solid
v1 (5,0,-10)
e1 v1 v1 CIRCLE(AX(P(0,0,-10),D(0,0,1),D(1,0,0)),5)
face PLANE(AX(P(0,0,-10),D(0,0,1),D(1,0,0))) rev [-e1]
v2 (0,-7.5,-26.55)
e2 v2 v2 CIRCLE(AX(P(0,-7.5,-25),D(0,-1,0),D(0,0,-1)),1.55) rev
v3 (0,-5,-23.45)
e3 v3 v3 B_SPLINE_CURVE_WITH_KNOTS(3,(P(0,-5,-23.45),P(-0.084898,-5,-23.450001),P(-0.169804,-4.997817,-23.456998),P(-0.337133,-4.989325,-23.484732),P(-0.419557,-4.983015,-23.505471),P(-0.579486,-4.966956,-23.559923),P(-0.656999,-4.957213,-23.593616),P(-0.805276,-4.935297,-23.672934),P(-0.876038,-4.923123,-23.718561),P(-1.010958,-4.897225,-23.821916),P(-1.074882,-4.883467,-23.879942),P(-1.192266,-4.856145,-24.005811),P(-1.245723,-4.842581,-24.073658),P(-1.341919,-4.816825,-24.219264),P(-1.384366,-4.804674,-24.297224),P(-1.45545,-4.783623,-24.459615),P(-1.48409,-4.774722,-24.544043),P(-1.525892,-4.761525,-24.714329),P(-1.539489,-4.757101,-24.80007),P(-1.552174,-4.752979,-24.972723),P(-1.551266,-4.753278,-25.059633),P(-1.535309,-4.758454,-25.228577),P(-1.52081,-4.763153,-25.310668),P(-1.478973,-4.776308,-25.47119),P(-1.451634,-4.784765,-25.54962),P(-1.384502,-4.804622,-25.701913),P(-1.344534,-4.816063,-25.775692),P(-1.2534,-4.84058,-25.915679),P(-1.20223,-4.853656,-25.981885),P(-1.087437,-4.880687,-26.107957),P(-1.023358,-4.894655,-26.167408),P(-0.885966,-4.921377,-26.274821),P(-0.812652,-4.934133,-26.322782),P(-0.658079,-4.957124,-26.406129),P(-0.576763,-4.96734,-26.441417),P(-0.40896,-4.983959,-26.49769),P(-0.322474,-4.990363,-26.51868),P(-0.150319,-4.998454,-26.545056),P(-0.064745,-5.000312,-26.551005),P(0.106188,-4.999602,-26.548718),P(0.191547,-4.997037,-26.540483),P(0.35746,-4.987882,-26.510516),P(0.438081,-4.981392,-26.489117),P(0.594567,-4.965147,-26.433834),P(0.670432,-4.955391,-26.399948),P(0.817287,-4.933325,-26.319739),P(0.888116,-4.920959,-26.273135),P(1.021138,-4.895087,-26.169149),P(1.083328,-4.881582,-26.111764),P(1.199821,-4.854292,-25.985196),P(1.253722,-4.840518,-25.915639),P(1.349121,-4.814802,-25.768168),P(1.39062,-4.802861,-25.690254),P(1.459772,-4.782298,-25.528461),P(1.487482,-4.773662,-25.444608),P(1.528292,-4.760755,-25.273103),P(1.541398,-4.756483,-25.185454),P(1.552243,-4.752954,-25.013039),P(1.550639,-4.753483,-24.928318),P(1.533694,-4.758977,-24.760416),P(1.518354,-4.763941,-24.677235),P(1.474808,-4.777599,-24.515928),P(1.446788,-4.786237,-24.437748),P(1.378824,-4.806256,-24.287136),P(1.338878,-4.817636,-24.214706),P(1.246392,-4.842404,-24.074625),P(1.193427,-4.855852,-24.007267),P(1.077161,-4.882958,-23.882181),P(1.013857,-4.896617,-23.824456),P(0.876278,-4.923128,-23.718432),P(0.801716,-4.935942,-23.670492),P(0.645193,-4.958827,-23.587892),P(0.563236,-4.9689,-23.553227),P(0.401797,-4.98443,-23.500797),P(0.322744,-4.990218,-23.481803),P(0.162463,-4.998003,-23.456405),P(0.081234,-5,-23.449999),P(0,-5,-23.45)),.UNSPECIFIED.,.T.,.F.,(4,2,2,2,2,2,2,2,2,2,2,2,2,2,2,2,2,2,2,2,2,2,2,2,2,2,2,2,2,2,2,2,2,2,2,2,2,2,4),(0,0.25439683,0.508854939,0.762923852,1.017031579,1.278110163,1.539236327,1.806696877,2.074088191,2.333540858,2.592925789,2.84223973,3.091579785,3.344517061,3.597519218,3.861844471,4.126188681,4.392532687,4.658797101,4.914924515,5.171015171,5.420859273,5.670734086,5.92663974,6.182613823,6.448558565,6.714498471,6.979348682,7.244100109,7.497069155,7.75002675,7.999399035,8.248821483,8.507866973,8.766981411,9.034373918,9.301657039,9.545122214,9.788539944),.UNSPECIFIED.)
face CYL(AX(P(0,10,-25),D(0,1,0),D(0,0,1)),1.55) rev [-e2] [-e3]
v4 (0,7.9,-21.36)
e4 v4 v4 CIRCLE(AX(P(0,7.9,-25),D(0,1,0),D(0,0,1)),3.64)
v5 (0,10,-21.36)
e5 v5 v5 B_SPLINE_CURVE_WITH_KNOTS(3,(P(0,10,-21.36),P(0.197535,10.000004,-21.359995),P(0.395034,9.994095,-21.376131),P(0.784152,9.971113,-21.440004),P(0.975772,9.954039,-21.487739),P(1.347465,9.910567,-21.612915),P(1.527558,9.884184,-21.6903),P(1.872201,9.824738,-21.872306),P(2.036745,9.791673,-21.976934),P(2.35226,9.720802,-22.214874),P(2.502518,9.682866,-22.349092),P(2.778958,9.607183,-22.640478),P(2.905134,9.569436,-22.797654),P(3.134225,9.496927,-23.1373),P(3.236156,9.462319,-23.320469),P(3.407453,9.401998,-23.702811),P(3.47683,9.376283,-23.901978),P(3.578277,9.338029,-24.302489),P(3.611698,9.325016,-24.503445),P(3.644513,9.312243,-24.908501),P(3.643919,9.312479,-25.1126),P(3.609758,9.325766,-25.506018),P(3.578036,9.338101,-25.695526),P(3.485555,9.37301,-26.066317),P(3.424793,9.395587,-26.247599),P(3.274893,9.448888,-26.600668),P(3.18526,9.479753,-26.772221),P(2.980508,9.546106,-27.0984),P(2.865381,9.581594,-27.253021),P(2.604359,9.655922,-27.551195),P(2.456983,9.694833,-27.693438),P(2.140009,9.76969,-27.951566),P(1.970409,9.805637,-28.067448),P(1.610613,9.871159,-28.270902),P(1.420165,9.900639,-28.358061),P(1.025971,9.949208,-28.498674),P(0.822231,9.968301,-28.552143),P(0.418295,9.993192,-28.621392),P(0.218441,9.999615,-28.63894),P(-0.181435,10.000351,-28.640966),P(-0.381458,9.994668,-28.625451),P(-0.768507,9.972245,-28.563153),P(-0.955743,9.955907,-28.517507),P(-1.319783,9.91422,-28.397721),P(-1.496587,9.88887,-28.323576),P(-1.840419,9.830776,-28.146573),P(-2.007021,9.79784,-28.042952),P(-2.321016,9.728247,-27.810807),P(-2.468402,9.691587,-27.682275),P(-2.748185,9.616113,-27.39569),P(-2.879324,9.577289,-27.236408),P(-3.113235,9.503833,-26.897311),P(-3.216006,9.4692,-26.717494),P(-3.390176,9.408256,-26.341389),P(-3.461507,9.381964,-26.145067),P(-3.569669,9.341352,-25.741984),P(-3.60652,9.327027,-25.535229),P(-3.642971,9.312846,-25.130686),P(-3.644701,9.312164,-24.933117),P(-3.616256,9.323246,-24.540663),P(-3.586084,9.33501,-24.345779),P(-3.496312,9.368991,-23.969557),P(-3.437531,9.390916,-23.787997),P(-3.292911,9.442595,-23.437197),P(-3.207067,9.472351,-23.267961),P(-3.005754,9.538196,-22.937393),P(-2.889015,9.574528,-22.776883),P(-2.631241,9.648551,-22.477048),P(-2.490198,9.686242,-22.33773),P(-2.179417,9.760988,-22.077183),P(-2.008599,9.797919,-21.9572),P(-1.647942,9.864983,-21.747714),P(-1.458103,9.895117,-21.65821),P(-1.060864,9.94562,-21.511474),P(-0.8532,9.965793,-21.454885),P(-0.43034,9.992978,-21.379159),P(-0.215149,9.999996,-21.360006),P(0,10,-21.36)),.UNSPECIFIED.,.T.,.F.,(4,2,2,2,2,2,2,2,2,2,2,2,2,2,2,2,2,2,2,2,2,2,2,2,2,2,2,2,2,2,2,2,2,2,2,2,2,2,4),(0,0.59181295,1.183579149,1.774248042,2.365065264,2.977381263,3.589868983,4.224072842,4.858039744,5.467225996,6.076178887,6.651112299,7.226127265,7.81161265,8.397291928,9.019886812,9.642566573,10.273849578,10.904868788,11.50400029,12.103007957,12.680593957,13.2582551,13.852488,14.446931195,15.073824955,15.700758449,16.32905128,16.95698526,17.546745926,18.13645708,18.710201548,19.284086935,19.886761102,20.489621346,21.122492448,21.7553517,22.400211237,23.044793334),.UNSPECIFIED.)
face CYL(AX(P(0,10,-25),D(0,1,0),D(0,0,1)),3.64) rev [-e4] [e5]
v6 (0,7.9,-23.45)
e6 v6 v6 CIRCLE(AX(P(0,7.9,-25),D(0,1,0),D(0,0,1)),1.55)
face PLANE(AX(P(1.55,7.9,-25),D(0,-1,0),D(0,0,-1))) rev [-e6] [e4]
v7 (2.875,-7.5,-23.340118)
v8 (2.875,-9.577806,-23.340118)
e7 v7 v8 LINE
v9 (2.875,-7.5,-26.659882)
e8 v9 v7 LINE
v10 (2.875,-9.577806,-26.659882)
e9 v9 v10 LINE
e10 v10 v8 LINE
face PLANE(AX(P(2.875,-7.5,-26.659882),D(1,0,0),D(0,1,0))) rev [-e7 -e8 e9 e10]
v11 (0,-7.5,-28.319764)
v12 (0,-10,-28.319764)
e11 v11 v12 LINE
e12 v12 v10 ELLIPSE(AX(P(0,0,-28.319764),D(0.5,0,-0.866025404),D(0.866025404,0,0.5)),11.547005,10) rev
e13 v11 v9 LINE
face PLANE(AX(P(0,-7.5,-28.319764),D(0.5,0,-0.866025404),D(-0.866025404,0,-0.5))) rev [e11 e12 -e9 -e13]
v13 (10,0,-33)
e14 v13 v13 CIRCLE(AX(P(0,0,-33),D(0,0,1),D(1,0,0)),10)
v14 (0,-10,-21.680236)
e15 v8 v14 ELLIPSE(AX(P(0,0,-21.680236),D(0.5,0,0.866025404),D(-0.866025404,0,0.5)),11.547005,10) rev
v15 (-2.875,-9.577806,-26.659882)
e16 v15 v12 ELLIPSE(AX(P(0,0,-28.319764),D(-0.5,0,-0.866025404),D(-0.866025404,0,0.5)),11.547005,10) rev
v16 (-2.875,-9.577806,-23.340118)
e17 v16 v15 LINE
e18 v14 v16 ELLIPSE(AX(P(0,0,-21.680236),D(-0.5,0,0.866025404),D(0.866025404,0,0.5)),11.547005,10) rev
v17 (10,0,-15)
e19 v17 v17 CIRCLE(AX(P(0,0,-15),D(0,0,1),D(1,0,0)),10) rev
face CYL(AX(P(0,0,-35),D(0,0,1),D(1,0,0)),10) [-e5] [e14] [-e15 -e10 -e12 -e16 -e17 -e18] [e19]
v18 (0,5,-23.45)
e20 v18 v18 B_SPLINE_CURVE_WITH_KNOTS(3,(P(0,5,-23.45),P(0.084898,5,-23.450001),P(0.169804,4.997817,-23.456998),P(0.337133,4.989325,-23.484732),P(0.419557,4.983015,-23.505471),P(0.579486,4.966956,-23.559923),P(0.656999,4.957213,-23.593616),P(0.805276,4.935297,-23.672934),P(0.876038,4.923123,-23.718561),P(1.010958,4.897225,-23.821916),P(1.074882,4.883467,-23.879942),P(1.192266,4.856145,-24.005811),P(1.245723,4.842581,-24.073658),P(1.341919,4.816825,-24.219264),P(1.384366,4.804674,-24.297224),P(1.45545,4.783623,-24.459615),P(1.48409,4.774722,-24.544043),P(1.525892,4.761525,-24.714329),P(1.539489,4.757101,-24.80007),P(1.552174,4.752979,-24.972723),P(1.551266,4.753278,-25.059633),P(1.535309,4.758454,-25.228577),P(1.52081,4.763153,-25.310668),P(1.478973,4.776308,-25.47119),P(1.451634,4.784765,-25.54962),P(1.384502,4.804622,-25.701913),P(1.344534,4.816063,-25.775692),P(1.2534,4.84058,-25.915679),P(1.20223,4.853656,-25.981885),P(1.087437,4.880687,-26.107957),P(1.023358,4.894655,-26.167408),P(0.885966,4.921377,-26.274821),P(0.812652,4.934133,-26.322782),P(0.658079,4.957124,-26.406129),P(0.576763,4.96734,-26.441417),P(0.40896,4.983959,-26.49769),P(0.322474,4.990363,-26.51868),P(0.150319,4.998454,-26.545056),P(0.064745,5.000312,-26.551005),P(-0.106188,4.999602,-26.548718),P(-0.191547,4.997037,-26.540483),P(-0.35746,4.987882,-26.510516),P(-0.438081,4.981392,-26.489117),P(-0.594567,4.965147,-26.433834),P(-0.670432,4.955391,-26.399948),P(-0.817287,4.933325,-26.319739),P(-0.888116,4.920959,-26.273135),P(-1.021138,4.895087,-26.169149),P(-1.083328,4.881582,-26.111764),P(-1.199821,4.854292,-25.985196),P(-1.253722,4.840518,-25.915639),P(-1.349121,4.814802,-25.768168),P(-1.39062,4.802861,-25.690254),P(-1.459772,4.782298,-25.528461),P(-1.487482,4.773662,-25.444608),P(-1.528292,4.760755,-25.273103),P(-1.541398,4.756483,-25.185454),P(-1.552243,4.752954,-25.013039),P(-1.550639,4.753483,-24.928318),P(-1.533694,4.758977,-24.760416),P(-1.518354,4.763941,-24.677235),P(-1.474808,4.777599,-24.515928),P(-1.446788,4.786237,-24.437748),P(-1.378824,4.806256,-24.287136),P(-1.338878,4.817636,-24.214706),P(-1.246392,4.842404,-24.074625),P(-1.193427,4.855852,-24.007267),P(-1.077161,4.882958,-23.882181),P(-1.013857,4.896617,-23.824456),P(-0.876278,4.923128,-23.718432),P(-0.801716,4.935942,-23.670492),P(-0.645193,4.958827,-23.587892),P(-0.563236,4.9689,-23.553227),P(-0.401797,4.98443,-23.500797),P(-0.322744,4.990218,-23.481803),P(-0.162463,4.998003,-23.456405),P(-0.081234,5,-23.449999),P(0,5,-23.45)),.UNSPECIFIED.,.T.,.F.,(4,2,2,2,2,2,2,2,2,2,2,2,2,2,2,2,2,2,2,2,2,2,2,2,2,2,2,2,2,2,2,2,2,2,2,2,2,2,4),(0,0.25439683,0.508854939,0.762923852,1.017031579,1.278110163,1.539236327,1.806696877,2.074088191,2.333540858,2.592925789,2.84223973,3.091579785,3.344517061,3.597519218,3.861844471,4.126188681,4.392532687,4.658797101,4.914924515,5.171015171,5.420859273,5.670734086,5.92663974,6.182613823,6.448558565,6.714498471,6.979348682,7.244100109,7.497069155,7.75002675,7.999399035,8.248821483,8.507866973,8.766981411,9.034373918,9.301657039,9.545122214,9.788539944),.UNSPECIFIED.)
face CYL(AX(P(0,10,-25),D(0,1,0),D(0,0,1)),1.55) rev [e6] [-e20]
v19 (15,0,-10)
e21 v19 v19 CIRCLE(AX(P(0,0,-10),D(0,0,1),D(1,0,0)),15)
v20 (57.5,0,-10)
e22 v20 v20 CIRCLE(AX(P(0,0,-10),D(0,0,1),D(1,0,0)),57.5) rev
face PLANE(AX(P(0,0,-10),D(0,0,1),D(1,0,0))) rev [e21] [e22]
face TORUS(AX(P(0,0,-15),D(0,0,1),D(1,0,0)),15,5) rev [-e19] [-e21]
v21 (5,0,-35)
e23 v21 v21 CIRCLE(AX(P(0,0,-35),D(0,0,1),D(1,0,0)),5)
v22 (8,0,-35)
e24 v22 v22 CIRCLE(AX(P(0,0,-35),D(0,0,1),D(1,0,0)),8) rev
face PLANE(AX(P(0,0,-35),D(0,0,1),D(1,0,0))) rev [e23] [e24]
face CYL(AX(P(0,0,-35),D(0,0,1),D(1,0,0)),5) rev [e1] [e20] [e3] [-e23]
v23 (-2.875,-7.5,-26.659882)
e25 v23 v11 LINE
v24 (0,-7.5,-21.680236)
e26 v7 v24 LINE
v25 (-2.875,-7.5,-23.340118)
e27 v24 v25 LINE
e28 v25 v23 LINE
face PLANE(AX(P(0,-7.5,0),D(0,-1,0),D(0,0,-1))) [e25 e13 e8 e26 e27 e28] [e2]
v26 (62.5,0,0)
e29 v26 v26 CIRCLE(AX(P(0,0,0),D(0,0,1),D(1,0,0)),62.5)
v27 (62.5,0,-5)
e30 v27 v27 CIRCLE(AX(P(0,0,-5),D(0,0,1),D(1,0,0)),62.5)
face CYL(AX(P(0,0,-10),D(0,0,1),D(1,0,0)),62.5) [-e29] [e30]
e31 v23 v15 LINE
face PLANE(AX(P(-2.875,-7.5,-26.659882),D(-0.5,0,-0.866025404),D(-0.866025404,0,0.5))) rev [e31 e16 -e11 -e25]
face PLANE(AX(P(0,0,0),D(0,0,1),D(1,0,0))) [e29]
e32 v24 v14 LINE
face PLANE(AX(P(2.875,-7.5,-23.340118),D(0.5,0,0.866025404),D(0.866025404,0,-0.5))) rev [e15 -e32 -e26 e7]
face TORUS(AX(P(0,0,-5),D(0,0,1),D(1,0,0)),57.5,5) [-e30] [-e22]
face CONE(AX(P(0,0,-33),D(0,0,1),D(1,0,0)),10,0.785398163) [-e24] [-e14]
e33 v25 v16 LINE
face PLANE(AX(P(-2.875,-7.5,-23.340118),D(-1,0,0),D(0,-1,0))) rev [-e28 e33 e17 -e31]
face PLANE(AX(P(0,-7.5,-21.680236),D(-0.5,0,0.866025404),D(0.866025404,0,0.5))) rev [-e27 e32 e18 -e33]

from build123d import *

# Parameters (mm, degrees)
BASE_SKETCH_R                                      = 62.5
BOSS_EXTRUDE1_DEPTH                                = 10
BOSS_EXTRUDE2_START                                = -10
BASE_SKETCH_3_R                                    = 10
BASE_SKETCH_3_R_2                                  = 5
BOSS_EXTRUDE2_DEPTH                                = 25
FILLET1_R                                          = 5
CHAMFER1_SIZE                                      = 2
CBORE_FOR_M2_5_HEX_HEAD_MACHINE_SCREW1_D           = 3.1
CBORE_FOR_M2_5_HEX_HEAD_MACHINE_SCREW1_CBORE_D     = 7.28
CBORE_FOR_M2_5_HEX_HEAD_MACHINE_SCREW1_CBORE_DEPTH = 2.1
CUT_EXTRUDE2_DEPTH                                 = 2.5


with BuildPart() as part:
    # Base_Sketch → Boss-Extrude1 (new body)
    with BuildSketch(Plane.XY):
        Circle(BASE_SKETCH_R)
    extrude(amount=-BOSS_EXTRUDE1_DEPTH)

    # Base_Sketch<3> → Boss-Extrude2 (add)
    with BuildSketch(Plane.XY.offset(BOSS_EXTRUDE2_START)):
        Circle(BASE_SKETCH_3_R)
        Circle(BASE_SKETCH_3_R_2, mode=Mode.SUBTRACT)
    extrude(amount=-BOSS_EXTRUDE2_DEPTH)

    # Fillet1
    fillet1_edges = [part.edges().sort_by_distance(p)[0] for p in [
        (-62.5, 0, -10),
        (-10, 0, -10),
    ]]
    fillet(fillet1_edges, radius=FILLET1_R)

    # Chamfer1
    chamfer1_edges = [part.edges().sort_by_distance(p)[0] for p in [
        (-10, 0, -35),
    ]]
    chamfer(chamfer1_edges, length=CHAMFER1_SIZE)

    # CBORE for M2.5 Hex Head Machine Screw1 (through all)
    with Locations(Plane(origin=(0, 10, -25), x_dir=(1, 0, 0), z_dir=(0, 1, 0))):
        with Locations((0, 0)):
            CounterBoreHole(CBORE_FOR_M2_5_HEX_HEAD_MACHINE_SCREW1_D / 2, CBORE_FOR_M2_5_HEX_HEAD_MACHINE_SCREW1_CBORE_D / 2, CBORE_FOR_M2_5_HEX_HEAD_MACHINE_SCREW1_CBORE_DEPTH)

    # Nut_Extrude → Cut-Extrude2 (cut)
    with BuildSketch(Plane(origin=(0, -10, -35), x_dir=(-1, 0, 0), z_dir=(0, -1, 0))):
        Polygon((2.875, -11.659882024), (2.875, -8.340117976), (0, -6.680235952), (-2.875, -8.340117976), (-2.875, -11.659882024), (0, -13.319764048), align=None)
    extrude(amount=-CUT_EXTRUDE2_DEPTH, mode=Mode.SUBTRACT)


solid = part.part
